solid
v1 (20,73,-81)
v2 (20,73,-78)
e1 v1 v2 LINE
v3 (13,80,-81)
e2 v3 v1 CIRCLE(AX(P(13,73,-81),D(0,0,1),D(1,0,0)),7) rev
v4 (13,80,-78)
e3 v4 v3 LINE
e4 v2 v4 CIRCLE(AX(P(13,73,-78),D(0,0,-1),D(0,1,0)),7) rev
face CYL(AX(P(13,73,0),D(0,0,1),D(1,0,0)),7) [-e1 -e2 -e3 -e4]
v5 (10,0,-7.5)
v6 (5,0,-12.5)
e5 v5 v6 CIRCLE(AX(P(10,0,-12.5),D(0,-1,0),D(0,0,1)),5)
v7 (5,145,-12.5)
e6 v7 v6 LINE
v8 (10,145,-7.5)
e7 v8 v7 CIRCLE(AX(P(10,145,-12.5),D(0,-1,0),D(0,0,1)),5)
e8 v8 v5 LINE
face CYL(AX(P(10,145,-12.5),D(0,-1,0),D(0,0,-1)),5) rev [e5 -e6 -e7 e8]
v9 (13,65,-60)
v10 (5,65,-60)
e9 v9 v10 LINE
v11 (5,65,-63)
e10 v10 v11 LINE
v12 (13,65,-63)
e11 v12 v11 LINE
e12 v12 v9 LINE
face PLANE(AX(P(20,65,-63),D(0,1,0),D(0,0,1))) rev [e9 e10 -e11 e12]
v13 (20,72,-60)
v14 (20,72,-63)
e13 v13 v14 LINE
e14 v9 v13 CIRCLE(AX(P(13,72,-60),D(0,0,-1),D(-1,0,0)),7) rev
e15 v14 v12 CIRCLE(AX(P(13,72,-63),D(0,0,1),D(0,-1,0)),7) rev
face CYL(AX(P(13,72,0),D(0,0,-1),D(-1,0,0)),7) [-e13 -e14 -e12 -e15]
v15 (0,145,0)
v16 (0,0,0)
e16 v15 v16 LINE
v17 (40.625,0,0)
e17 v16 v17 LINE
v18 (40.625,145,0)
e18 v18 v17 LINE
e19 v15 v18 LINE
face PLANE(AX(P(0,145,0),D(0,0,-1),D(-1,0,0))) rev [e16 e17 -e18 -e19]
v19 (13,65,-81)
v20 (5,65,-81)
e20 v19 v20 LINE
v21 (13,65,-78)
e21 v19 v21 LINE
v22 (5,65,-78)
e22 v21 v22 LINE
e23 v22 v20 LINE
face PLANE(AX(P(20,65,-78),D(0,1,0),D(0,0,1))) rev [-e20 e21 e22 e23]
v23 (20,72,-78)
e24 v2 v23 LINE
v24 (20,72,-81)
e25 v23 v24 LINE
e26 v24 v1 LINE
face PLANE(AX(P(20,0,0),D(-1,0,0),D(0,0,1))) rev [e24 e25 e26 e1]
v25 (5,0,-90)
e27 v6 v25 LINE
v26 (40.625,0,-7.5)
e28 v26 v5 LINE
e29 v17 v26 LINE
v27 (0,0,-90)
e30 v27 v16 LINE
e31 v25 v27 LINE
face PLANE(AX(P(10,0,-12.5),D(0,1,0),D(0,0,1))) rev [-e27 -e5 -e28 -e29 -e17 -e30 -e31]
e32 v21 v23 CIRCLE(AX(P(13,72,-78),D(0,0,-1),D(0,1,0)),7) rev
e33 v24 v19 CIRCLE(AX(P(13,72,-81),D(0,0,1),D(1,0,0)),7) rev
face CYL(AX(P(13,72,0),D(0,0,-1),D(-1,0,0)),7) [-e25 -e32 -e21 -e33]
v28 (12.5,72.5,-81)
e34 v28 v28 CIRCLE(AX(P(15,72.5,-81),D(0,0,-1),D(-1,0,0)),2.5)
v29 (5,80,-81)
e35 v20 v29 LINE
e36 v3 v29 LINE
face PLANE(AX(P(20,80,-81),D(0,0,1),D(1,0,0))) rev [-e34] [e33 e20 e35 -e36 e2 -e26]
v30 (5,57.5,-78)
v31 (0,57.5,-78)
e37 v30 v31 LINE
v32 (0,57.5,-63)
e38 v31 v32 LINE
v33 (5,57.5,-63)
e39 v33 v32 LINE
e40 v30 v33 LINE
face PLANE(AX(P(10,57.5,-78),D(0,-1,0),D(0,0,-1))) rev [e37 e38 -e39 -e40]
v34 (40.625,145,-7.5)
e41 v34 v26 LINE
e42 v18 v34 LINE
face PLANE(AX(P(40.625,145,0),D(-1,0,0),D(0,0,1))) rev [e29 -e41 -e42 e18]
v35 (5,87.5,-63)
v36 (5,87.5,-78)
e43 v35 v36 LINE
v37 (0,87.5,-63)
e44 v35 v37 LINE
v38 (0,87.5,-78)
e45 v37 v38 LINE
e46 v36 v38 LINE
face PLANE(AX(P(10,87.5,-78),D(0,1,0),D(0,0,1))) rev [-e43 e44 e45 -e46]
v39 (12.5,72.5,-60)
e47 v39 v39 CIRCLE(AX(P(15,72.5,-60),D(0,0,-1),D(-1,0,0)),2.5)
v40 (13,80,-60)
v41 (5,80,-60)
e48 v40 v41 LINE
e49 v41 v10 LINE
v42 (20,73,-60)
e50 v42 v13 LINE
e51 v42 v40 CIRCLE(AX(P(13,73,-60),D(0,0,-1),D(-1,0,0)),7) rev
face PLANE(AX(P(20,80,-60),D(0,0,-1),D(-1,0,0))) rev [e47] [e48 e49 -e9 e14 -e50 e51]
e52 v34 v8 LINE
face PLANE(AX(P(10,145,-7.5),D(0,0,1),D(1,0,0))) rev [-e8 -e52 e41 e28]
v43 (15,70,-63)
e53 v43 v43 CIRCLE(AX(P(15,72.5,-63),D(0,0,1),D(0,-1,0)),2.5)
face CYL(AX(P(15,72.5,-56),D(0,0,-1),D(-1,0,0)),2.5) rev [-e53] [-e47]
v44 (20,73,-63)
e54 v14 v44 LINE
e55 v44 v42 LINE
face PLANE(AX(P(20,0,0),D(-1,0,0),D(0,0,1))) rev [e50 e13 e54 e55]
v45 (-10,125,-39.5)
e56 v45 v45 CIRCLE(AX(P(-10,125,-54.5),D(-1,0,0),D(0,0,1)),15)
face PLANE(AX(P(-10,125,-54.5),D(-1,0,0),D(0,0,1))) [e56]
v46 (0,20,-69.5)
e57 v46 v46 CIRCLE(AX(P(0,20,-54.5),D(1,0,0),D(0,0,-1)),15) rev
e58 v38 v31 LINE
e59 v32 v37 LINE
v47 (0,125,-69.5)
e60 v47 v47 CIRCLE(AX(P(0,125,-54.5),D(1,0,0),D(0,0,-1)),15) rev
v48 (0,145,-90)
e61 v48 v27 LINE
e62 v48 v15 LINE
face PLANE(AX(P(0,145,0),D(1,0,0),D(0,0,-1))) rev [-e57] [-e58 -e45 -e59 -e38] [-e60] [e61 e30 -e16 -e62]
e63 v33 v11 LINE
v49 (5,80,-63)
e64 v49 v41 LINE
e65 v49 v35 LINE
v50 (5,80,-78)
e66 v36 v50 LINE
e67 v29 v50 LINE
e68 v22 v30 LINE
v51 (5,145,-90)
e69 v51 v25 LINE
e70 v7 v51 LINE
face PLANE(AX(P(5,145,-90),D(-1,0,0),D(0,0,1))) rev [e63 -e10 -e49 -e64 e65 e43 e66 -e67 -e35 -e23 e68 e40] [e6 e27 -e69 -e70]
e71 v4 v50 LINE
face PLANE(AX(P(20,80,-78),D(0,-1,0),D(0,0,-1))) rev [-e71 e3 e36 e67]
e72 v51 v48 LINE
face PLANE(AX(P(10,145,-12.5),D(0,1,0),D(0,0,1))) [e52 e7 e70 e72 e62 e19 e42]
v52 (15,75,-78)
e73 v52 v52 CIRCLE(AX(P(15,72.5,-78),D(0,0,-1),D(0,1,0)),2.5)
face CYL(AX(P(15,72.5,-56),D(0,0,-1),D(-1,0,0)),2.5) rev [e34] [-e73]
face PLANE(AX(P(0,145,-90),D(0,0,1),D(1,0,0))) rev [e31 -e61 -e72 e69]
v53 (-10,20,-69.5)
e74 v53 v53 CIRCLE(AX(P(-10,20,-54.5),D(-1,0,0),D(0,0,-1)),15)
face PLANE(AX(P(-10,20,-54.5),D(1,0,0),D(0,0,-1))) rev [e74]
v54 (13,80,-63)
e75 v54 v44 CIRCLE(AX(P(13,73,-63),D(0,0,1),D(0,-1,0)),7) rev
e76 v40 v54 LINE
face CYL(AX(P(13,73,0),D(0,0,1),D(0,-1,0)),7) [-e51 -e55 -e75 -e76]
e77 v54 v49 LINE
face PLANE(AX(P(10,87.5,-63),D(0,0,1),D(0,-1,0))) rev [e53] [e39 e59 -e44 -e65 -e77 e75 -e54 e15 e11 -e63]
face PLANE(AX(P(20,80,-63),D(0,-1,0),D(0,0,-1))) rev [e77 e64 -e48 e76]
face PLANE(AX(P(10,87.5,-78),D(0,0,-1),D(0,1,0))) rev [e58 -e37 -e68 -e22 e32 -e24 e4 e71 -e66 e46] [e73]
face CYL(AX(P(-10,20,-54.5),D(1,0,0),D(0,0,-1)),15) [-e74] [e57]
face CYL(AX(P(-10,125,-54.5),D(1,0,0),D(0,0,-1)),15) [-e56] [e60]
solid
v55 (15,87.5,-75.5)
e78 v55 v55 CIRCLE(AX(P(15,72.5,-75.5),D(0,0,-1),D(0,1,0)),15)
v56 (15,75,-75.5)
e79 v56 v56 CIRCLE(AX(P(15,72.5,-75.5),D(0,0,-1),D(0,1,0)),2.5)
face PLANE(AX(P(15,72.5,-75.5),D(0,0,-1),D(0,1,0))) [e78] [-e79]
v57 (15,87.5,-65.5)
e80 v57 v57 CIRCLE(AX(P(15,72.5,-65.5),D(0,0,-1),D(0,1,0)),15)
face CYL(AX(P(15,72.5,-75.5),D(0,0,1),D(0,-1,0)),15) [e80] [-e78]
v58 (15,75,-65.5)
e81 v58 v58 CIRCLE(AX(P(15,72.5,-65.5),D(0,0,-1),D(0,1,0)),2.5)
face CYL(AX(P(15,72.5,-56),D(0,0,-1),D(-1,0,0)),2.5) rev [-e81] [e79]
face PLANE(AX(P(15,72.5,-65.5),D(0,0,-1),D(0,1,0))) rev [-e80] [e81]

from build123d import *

# Parameters (mm, degrees)
BOSS_EXTRUDE1_DEPTH = 145
SKETCH3_R           = 15
BOSS_EXTRUDE2_DEPTH = 10
SKETCH4_W           = 15
SKETCH4_H           = 30
CUT_EXTRUDE1_DEPTH  = 10
SKETCH6_R           = 15
BOSS_EXTRUDE3_DEPTH = 10
SKETCH7_W           = 3
SKETCH7_H           = 15
BOSS_EXTRUDE4_DEPTH = 15
FILLET1_R           = 7
SKETCH8_R           = 2.5
CUT_EXTRUDE2_DEPTH  = 25


with BuildPart() as part:
    # Sketch1 → Boss-Extrude1 (new body)
    with BuildSketch(Plane(origin=(0, 0, 0), x_dir=(1, 0, 0), z_dir=(0, 1, 0))):
        with BuildLine():
            Line((0, 0), (0, 90))
            Line((0, 90), (5, 90))
            Line((5, 90), (5, 12.5))
            ThreePointArc((5, 12.5), (6.464466094, 8.964466094), (10, 7.5))
            Line((10, 7.5), (40.625, 7.5))
            Line((40.625, 7.5), (40.625, 0))
            Line((40.625, 0), (0, 0))
        make_face()
    extrude(amount=BOSS_EXTRUDE1_DEPTH)

    # Sketch3 → Boss-Extrude2 (add)
    with BuildSketch(Plane.ZY):
        with Locations((-54.5, 125)):
            Circle(SKETCH3_R)
        with Locations((-54.5, 20)):
            Circle(SKETCH3_R)
    extrude(amount=BOSS_EXTRUDE2_DEPTH)

    # Sketch4 → Cut-Extrude1 (cut)
    with BuildSketch(Plane.ZY):
        with Locations((-70.5, 72.5)):
            Rectangle(SKETCH4_W, SKETCH4_H)
    extrude(amount=-CUT_EXTRUDE1_DEPTH, mode=Mode.SUBTRACT)

    # Sketch7 → Boss-Extrude4 (add)
    with BuildSketch(Plane(origin=(5, 0, 0), x_dir=(0, 0, -1), z_dir=(1, 0, 0))):
        with Locations((79.5, 72.5)):
            Rectangle(SKETCH7_W, SKETCH7_H)
        with Locations((61.5, 72.5)):
            Rectangle(SKETCH7_W, SKETCH7_H)
    extrude(amount=BOSS_EXTRUDE4_DEPTH)

    # Fillet1
    fillet1_edges = [part.edges().sort_by_distance(p)[0] for p in [
        (20, 80, -61.5),
        (20, 65, -61.5),
        (20, 80, -79.5),
        (20, 65, -79.5),
    ]]
    fillet(fillet1_edges, radius=FILLET1_R)


with BuildPart() as body_2:
    # Sketch6 → Boss-Extrude3 (new body)
    with BuildSketch(Plane(origin=(0, 0, -65.5), x_dir=(-1, 0, 0), z_dir=(0, 0, -1))):
        with Locations((-15, 72.5)):
            Circle(SKETCH6_R)
    extrude(amount=BOSS_EXTRUDE3_DEPTH)


with BuildPart() as cut_extrude2_tool:
    # Sketch8 → Cut-Extrude2 (new body)
    with BuildSketch(Plane(origin=(0, 0, -81), x_dir=(-1, 0, 0), z_dir=(0, 0, -1))):
        with Locations((-15, 72.5)):
            Circle(SKETCH8_R)
    extrude(amount=-CUT_EXTRUDE2_DEPTH)


with BuildPart() as part_1:
    add(part.part)

    # Cut-Extrude2: cut by cut_extrude2_tool
    add(cut_extrude2_tool.part, mode=Mode.SUBTRACT)


with BuildPart() as body_2_1:
    add(body_2.part)

    # Cut-Extrude2: cut by cut_extrude2_tool
    add(cut_extrude2_tool.part, mode=Mode.SUBTRACT)


solid = Compound([part_1.part, body_2_1.part])
